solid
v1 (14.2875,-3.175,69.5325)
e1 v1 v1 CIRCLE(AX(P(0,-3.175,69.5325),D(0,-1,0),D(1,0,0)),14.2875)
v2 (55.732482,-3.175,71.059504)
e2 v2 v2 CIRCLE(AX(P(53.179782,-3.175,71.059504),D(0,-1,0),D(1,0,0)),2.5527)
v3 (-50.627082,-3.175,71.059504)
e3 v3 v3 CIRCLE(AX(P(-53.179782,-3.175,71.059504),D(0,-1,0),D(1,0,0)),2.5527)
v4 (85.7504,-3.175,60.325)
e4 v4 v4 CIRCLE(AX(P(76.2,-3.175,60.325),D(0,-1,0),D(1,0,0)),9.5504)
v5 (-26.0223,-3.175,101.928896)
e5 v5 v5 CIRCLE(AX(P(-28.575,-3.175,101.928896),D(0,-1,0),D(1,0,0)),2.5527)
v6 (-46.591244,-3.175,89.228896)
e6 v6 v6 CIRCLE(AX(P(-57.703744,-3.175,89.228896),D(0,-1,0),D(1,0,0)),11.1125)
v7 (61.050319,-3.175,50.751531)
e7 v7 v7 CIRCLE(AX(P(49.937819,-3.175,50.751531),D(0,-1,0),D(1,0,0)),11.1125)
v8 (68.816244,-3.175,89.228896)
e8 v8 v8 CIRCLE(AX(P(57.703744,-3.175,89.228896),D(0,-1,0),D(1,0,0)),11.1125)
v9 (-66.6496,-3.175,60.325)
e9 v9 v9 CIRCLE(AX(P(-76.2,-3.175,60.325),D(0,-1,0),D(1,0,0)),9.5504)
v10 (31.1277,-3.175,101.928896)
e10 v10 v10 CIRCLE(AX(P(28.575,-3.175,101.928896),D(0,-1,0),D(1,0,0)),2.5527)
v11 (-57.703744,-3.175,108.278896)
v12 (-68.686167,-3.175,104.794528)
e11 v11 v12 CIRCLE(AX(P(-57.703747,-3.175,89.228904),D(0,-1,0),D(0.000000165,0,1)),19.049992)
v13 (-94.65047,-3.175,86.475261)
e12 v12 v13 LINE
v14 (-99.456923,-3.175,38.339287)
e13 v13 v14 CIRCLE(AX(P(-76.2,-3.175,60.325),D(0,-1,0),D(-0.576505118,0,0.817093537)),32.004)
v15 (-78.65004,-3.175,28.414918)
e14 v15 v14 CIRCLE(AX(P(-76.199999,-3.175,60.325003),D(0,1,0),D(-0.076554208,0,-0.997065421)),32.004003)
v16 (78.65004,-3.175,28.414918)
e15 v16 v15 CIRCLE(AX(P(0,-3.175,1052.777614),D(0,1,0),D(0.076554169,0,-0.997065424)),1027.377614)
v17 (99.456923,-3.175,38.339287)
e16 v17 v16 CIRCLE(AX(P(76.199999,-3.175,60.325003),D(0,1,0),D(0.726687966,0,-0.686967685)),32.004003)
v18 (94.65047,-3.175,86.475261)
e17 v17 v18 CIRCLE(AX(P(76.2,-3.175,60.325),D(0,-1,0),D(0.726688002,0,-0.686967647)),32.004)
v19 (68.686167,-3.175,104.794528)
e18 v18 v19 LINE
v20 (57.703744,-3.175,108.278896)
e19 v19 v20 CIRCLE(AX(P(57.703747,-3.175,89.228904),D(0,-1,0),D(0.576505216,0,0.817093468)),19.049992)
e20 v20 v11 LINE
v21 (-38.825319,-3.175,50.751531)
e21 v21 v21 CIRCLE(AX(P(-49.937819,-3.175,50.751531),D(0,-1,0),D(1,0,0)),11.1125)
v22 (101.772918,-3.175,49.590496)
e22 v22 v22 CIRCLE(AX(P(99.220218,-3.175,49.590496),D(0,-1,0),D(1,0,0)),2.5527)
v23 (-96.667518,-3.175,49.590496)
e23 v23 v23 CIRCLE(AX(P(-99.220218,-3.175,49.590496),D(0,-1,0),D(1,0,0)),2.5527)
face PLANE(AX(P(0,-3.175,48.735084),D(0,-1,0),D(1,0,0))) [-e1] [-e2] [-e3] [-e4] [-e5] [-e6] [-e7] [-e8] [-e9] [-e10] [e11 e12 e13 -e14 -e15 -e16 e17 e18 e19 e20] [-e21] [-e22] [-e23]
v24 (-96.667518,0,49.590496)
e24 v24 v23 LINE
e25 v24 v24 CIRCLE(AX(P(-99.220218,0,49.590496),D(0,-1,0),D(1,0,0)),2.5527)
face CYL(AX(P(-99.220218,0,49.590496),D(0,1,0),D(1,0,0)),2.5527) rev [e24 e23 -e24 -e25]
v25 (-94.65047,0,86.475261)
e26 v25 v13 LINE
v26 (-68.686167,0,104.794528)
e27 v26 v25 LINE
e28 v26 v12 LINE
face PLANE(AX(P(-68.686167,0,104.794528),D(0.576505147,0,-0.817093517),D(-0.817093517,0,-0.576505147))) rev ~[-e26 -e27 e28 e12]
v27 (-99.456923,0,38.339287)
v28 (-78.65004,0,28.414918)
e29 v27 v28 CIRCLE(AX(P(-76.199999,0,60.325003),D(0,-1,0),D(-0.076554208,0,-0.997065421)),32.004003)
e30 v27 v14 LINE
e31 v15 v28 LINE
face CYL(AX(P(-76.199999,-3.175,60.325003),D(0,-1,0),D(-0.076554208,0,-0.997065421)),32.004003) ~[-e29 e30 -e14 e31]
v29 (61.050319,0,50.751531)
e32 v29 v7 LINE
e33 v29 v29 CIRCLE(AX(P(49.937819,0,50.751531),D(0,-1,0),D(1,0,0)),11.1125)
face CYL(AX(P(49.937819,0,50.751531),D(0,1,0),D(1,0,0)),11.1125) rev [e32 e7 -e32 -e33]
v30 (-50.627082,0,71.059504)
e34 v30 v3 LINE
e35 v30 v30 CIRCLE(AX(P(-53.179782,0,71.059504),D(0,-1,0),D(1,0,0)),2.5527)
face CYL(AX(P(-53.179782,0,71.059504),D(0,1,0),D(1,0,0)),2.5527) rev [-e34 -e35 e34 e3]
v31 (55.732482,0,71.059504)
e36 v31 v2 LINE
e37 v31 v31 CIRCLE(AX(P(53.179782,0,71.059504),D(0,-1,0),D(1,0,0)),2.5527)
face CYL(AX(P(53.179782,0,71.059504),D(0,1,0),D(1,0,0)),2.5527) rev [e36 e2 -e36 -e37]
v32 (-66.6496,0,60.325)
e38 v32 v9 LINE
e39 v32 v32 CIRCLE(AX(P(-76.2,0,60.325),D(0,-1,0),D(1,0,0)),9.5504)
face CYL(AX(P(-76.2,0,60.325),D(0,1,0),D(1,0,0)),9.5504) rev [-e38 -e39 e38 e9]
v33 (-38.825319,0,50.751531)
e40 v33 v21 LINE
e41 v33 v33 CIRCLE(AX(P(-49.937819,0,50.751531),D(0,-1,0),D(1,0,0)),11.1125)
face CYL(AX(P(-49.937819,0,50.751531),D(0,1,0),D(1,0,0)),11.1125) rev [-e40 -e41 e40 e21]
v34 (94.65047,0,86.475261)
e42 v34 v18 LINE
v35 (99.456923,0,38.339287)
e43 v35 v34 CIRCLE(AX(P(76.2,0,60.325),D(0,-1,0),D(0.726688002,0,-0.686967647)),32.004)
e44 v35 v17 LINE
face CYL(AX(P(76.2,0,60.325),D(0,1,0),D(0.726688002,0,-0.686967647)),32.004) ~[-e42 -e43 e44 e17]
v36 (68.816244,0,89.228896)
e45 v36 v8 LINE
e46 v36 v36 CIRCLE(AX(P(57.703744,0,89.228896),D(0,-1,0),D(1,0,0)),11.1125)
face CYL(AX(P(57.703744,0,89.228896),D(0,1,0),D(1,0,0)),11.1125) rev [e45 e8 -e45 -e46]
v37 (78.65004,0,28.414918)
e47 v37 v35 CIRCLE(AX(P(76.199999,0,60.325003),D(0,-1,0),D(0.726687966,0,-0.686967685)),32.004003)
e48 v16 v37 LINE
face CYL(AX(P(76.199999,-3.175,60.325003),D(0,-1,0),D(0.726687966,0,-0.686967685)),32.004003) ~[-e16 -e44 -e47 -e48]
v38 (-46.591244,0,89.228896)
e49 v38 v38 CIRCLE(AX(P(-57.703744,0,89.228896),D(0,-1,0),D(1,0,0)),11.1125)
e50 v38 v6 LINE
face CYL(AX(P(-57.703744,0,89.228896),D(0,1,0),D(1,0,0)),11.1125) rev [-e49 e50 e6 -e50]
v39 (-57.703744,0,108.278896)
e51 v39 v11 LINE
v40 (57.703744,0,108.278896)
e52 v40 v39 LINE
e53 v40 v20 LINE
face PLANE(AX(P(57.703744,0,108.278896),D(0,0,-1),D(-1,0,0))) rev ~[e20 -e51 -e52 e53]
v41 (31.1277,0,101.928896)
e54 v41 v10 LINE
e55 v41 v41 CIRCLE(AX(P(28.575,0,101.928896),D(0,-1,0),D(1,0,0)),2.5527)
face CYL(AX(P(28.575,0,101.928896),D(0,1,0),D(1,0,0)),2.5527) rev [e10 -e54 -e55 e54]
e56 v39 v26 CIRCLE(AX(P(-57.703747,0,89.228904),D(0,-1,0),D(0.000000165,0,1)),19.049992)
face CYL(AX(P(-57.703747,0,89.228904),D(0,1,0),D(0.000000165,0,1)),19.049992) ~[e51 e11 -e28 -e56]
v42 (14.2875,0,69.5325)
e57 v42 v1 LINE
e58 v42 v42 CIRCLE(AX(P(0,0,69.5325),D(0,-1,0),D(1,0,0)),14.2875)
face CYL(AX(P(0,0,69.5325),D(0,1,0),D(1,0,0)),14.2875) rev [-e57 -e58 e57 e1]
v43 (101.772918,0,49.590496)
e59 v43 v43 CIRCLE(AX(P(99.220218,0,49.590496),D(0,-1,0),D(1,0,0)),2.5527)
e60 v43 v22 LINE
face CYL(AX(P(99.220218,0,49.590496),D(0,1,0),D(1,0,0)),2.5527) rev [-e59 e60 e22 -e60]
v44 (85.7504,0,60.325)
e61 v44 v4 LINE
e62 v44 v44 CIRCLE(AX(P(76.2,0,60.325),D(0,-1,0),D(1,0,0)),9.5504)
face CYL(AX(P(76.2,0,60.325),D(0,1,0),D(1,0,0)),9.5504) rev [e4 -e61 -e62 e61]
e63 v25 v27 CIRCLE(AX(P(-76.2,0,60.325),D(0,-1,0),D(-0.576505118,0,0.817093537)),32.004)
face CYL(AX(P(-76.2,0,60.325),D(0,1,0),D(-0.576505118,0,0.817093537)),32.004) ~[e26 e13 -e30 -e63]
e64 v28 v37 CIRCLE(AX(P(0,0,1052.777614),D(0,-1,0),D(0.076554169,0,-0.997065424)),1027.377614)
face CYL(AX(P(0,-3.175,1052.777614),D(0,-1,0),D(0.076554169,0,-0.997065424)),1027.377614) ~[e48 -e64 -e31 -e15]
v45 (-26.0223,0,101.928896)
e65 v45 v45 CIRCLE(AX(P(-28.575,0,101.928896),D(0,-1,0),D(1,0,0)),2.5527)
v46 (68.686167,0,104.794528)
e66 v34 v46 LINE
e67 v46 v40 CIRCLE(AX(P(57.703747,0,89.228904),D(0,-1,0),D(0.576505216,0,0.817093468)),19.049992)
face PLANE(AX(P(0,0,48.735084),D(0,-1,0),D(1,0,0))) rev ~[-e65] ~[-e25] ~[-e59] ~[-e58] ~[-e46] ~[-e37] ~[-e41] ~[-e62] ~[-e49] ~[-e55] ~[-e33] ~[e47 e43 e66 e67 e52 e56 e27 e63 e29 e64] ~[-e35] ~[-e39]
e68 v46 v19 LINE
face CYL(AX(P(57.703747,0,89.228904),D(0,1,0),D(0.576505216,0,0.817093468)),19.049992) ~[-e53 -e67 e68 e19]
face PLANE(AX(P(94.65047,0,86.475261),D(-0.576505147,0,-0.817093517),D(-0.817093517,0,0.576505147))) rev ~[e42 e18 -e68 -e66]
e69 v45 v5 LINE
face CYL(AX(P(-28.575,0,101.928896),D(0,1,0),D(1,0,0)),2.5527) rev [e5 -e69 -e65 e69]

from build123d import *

# Parameters (mm, degrees)
F0_R     = 2.5527
F0_R_2   = 14.2875
F0_R_3   = 9.5504
F0_R_4   = 11.1125
F1_DEPTH = 3.175
F2_R     = 2.5527
F2_R_2   = 14.2875
F3_DEPTH = 25.4


with BuildPart() as f1:
    # F0 (on Front) → F1 (new body)
    with BuildSketch(Plane.XZ):
        with BuildLine():
            Line((-99.456923, 38.339287), (-45.021703, -19.243367))
            ThreePointArc((-45.021703, -19.243367), (-42.050874, -21.366962), (-38.499317, -22.216626))
            Line((-38.499317, -22.216626), (-0.931741, -23.792961))
            ThreePointArc((-0.931741, -23.792961), (0, -23.8125), (0.931741, -23.792961))
            Line((0.931741, -23.792961), (38.499317, -22.216626))
            ThreePointArc((38.499317, -22.216626), (42.050874, -21.366962), (45.021703, -19.243367))
            Line((45.021703, -19.243367), (99.456923, 38.339287))
            ThreePointArc((99.456923, 38.339287), (108.045638, 63.504837), (94.65047, 86.475261))
            Line((94.65047, 86.475261), (68.686167, 104.794528))
            ThreePointArc((68.686167, 104.794528), (63.4647, 107.386922), (57.703744, 108.278896))
            Line((57.703744, 108.278896), (-57.703744, 108.278896))
            ThreePointArc((-57.703744, 108.278896), (-63.4647, 107.386922), (-68.686167, 104.794528))
            Line((-68.686167, 104.794528), (-94.65047, 86.475261))
            ThreePointArc((-94.65047, 86.475261), (-108.045638, 63.504837), (-99.456923, 38.339287))
        make_face()
        with Locations((-38.1, -12.7)):
            Circle(F0_R, mode=Mode.SUBTRACT)
        with Locations((-53.975, -1.5875)):
            Circle(F0_R, mode=Mode.SUBTRACT)
        with Locations((0, -1.5875)):
            Circle(F0_R_2, mode=Mode.SUBTRACT)
        with Locations((-38.1, 12.7)):
            Circle(F0_R, mode=Mode.SUBTRACT)
        with Locations((-50.8, 21.9075)):
            Circle(F0_R, mode=Mode.SUBTRACT)
        with Locations((38.1, -12.7)):
            Circle(F0_R, mode=Mode.SUBTRACT)
        with Locations((53.975, -1.5875)):
            Circle(F0_R, mode=Mode.SUBTRACT)
        with Locations((38.1, 12.7)):
            Circle(F0_R, mode=Mode.SUBTRACT)
        with Locations((50.8, 21.9075)):
            Circle(F0_R, mode=Mode.SUBTRACT)
        with Locations((-99.220218, 49.590496)):
            Circle(F0_R, mode=Mode.SUBTRACT)
        with Locations((-76.2, 60.325)):
            Circle(F0_R_3, mode=Mode.SUBTRACT)
        with Locations((-49.937819, 50.751531)):
            Circle(F0_R_4, mode=Mode.SUBTRACT)
        with Locations((-53.179782, 71.059504)):
            Circle(F0_R, mode=Mode.SUBTRACT)
        with Locations((0, 69.5325)):
            Circle(F0_R_2, mode=Mode.SUBTRACT)
        with Locations((-57.703744, 89.228896)):
            Circle(F0_R_4, mode=Mode.SUBTRACT)
        with Locations((-28.575, 101.928896)):
            Circle(F0_R, mode=Mode.SUBTRACT)
        with Locations((49.937819, 50.751531)):
            Circle(F0_R_4, mode=Mode.SUBTRACT)
        with Locations((53.179782, 71.059504)):
            Circle(F0_R, mode=Mode.SUBTRACT)
        with Locations((99.220218, 49.590496)):
            Circle(F0_R, mode=Mode.SUBTRACT)
        with Locations((76.2, 60.325)):
            Circle(F0_R_3, mode=Mode.SUBTRACT)
        with Locations((28.575, 101.928896)):
            Circle(F0_R, mode=Mode.SUBTRACT)
        with Locations((57.703744, 89.228896)):
            Circle(F0_R_4, mode=Mode.SUBTRACT)
    extrude(amount=F1_DEPTH)

    # F2 (on face) → F3 (cut)
    with BuildSketch(Plane.XZ.offset(3.175)):
        with BuildLine():
            Line((-45.021703, -19.243367), (-99.456923, 38.339287))
            Line((-99.456923, 38.339287), (-99.456923, -25.4))
            Line((-99.456923, -25.4), (99.456923, -25.4))
            Line((99.456923, -25.4), (99.456923, 38.339287))
            Line((99.456923, 38.339287), (45.021703, -19.243367))
            ThreePointArc((45.021703, -19.243367), (42.050874, -21.366962), (38.499317, -22.216626))
            Line((38.499317, -22.216626), (0.931741, -23.792961))
            ThreePointArc((0.931741, -23.792961), (0, -23.8125), (-0.931741, -23.792961))
            Line((-0.931741, -23.792961), (-38.499317, -22.216626))
            ThreePointArc((-38.499317, -22.216626), (-42.050874, -21.366962), (-45.021703, -19.243367))
        make_face()
        with BuildLine():
            ThreePointArc((-78.65004, 28.414918), (-89.978072, 31.438658), (-99.456923, 38.339287))
            Line((-99.456923, 38.339287), (-45.021703, -19.243367))
            ThreePointArc((-45.021703, -19.243367), (-42.050874, -21.366962), (-38.499317, -22.216626))
            Line((-38.499317, -22.216626), (-0.931741, -23.792961))
            ThreePointArc((-0.931741, -23.792961), (0, -23.8125), (0.931741, -23.792961))
            Line((0.931741, -23.792961), (38.499317, -22.216626))
            ThreePointArc((38.499317, -22.216626), (42.050874, -21.366962), (45.021703, -19.243367))
            Line((45.021703, -19.243367), (99.456923, 38.339287))
            ThreePointArc((99.456923, 38.339287), (89.978072, 31.438658), (78.65004, 28.414918))
            ThreePointArc((78.65004, 28.414918), (0, 25.4), (-78.65004, 28.414918))
        make_face()
        with Locations((-38.1, -12.7)):
            Circle(F2_R, mode=Mode.SUBTRACT)
        with Locations((-53.975, -1.5875)):
            Circle(F2_R, mode=Mode.SUBTRACT)
        with Locations((0, -1.5875)):
            Circle(F2_R_2, mode=Mode.SUBTRACT)
        with Locations((-38.1, 12.7)):
            Circle(F2_R, mode=Mode.SUBTRACT)
        with Locations((-50.8, 21.9075)):
            Circle(F2_R, mode=Mode.SUBTRACT)
        with Locations((38.1, -12.7)):
            Circle(F2_R, mode=Mode.SUBTRACT)
        with Locations((53.975, -1.5875)):
            Circle(F2_R, mode=Mode.SUBTRACT)
        with Locations((38.1, 12.7)):
            Circle(F2_R, mode=Mode.SUBTRACT)
        with Locations((50.8, 21.9075)):
            Circle(F2_R, mode=Mode.SUBTRACT)
    extrude(amount=-F3_DEPTH, mode=Mode.SUBTRACT)


solid = f1.part
